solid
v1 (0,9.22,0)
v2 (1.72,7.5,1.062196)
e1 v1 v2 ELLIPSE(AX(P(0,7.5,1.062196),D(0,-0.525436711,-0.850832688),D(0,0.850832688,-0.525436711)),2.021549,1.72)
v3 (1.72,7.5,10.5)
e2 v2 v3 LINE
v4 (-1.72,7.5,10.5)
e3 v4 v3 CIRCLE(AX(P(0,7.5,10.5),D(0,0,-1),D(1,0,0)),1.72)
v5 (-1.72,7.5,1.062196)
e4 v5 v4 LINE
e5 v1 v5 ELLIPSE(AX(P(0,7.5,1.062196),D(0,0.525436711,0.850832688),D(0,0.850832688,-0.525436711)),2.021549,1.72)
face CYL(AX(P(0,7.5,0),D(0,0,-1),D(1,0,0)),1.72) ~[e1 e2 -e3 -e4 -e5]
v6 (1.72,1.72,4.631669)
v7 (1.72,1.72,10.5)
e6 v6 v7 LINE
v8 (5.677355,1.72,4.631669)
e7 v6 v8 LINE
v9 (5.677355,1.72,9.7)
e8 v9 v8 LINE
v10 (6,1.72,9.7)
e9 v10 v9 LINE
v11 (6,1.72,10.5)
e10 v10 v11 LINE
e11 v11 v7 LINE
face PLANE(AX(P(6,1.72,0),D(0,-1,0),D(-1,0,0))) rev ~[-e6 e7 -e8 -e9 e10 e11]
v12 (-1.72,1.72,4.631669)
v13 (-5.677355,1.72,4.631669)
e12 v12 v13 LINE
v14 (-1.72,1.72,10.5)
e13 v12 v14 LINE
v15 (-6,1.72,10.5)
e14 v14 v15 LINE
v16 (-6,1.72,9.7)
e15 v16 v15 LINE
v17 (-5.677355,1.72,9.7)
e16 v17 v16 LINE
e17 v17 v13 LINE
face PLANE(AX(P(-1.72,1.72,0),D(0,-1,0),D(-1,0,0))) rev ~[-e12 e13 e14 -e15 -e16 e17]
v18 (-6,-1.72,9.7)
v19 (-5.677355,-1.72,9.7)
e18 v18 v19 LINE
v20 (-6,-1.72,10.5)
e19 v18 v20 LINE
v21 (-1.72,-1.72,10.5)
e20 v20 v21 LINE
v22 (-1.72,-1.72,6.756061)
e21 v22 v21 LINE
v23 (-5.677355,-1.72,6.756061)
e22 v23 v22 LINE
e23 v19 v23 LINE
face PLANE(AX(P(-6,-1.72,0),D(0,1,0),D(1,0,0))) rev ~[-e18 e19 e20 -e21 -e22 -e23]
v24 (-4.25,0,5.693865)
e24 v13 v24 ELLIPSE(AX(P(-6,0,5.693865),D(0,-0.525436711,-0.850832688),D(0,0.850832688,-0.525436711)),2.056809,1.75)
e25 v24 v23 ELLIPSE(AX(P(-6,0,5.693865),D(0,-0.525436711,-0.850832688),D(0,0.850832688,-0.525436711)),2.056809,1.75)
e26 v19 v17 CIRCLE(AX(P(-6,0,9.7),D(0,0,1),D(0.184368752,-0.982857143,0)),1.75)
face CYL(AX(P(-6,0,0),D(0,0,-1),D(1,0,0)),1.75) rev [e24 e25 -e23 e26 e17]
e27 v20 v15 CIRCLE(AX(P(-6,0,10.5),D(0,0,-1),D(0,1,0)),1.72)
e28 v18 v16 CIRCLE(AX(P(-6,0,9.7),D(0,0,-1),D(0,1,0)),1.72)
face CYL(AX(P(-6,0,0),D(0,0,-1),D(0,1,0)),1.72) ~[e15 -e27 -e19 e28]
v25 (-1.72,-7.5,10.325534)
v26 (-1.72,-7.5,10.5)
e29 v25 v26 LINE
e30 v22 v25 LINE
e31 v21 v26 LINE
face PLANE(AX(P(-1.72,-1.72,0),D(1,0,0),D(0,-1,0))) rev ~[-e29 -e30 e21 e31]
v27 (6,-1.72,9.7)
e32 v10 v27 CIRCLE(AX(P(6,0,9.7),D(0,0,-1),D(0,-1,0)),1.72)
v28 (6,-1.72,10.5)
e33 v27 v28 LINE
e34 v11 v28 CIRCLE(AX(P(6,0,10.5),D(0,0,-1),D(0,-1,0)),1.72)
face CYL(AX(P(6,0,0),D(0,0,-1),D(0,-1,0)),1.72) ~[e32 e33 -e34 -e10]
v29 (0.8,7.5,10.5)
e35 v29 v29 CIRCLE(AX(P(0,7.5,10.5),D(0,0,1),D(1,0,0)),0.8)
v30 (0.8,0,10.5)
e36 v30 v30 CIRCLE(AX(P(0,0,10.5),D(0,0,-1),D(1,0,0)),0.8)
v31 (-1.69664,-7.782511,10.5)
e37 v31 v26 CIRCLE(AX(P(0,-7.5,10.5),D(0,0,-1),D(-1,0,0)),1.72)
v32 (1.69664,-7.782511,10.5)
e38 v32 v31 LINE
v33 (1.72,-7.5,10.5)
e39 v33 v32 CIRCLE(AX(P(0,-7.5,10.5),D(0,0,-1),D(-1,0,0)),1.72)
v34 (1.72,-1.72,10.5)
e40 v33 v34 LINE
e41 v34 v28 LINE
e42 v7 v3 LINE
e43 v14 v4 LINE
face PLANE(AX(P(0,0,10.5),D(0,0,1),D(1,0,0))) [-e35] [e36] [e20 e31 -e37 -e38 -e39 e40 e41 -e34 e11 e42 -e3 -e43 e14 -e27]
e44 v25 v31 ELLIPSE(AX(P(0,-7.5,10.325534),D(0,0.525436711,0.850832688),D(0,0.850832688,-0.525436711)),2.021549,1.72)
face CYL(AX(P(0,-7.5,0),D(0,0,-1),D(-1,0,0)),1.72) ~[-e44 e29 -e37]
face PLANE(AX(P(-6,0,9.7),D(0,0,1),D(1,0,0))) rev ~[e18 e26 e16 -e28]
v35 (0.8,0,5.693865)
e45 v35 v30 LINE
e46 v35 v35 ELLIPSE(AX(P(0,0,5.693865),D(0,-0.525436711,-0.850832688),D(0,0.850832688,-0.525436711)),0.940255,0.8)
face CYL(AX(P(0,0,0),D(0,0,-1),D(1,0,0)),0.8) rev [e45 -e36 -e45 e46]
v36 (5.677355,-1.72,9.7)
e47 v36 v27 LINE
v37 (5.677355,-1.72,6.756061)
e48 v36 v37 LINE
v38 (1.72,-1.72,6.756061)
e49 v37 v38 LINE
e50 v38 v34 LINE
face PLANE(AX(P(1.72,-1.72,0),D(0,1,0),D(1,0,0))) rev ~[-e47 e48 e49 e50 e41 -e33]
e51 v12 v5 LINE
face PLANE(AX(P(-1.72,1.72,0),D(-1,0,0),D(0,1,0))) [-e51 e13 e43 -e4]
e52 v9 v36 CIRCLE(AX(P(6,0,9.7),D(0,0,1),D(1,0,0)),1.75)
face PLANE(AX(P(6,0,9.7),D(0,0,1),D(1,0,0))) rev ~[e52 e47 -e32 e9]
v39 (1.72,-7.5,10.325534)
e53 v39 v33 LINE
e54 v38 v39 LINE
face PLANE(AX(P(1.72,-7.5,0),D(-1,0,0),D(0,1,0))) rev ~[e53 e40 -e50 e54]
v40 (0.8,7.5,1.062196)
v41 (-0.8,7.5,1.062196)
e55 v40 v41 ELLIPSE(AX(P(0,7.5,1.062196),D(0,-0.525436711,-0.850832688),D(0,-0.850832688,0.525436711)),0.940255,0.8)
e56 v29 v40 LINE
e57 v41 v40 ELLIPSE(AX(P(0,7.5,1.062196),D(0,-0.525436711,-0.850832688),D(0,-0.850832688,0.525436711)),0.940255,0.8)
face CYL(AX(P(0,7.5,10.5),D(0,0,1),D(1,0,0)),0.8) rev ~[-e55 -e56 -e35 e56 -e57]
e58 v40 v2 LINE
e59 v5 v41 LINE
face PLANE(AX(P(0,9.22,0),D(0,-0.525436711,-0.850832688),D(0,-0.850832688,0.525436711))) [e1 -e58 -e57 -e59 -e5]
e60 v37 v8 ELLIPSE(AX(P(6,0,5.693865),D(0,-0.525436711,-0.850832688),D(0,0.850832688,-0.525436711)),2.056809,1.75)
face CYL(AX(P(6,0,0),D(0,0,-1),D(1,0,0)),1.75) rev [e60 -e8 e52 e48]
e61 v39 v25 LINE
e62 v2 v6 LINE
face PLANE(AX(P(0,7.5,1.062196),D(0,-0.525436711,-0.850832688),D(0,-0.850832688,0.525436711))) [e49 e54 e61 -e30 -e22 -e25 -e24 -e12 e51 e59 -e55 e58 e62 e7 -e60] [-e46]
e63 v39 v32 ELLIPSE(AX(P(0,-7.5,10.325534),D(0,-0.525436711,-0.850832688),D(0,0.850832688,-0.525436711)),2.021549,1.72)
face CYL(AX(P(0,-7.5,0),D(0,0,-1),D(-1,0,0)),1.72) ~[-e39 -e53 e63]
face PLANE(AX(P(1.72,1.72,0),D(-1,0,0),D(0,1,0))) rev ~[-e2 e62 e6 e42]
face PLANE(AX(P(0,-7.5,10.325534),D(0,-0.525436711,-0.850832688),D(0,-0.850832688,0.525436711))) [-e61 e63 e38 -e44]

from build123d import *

# Parameters (mm, degrees)
F0_W          = 4.28
F0_H          = 3.44
F0_W_2        = 3.44
F0_H_2        = 5.78
F1_DEPTH      = 12
F3_DEPTH      = 25
F3_DEPTH_BACK = 25
F5_R          = 0.8
F6_DEPTH      = 55
F7_W          = 30.6417569518
F7_H          = 23.9444840699
F8_DEPTH      = 1.5
F9_R          = 0.8
F10_DEPTH     = 10.501
F4_R          = 1.75
F12_DEPTH     = 9.7


with BuildPart() as f1:
    # F0 (on Top) → F1 (new body)
    with BuildSketch(Plane.XY):
        with Locations((3.86, 0)):
            Rectangle(F0_W, F0_H)
        with BuildLine():
            Line((6, 1.72), (6, -1.72))
            ThreePointArc((6, -1.72), (7.72, 0), (6, 1.72))
        make_face()
        with Locations((0, -4.61)):
            Rectangle(F0_W_2, F0_H_2)
        Rectangle(F0_W_2, F0_H)
        with Locations((-3.86, 0)):
            Rectangle(F0_W, F0_H)
        with BuildLine():
            ThreePointArc((-1.72, -7.5), (0, -9.22), (1.72, -7.5))
            Line((1.72, -7.5), (-1.72, -7.5))
        make_face()
        with Locations((0, 4.61)):
            Rectangle(F0_W_2, F0_H_2)
        with BuildLine():
            ThreePointArc((-6, 1.72), (-7.72, 0), (-6, -1.72))
            Line((-6, -1.72), (-6, 1.72))
        make_face()
        with BuildLine():
            Line((-1.72, 7.5), (1.72, 7.5))
            ThreePointArc((1.72, 7.5), (0, 9.22), (-1.72, 7.5))
        make_face()
    extrude(amount=F1_DEPTH)

    # F2 (on Right) → F3 (cut, two sides)
    with BuildSketch(Plane.YZ) as f3_sk:
        Polygon((-7.5, 0), (7.5, 0), (7.5, 1.0621960754), (-7.5, 10.3255339419), align=None)
        Polygon((7.5, 1.0621960754), (7.5, 0), (9.22, 0), align=None)
        Polygon((-9.22, 0), (-7.5, 0), (-7.5, 10.3255339419), (-9.22, 11.3877300173), align=None)
    extrude(amount=-F3_DEPTH, mode=Mode.SUBTRACT)
    extrude(f3_sk.sketch, amount=F3_DEPTH_BACK, mode=Mode.SUBTRACT)

    # F5 (on Top) → F6 (cut)
    with BuildSketch(Plane.XY):
        Circle(F5_R)
    extrude(amount=F6_DEPTH, mode=Mode.SUBTRACT)

    # F7 (on face) → F8 (cut)
    with BuildSketch(Plane.XY.offset(12)):
        Rectangle(F7_W, F7_H)
    extrude(amount=-F8_DEPTH, mode=Mode.SUBTRACT)

    # F9 (on face) → F10 (cut, through all)
    with BuildSketch(Plane.XY.offset(10.5)):
        with Locations((0, 7.5)):
            Circle(F9_R)
    extrude(amount=-F10_DEPTH, mode=Mode.SUBTRACT)

    # F4 (on Top) → F12 (cut)
    with BuildSketch(Plane.XY):
        with Locations((6, 0)):
            Circle(F4_R)
        with Locations((-6, 0)):
            Circle(F4_R)
    extrude(amount=F12_DEPTH, mode=Mode.SUBTRACT)


solid = f1.part
